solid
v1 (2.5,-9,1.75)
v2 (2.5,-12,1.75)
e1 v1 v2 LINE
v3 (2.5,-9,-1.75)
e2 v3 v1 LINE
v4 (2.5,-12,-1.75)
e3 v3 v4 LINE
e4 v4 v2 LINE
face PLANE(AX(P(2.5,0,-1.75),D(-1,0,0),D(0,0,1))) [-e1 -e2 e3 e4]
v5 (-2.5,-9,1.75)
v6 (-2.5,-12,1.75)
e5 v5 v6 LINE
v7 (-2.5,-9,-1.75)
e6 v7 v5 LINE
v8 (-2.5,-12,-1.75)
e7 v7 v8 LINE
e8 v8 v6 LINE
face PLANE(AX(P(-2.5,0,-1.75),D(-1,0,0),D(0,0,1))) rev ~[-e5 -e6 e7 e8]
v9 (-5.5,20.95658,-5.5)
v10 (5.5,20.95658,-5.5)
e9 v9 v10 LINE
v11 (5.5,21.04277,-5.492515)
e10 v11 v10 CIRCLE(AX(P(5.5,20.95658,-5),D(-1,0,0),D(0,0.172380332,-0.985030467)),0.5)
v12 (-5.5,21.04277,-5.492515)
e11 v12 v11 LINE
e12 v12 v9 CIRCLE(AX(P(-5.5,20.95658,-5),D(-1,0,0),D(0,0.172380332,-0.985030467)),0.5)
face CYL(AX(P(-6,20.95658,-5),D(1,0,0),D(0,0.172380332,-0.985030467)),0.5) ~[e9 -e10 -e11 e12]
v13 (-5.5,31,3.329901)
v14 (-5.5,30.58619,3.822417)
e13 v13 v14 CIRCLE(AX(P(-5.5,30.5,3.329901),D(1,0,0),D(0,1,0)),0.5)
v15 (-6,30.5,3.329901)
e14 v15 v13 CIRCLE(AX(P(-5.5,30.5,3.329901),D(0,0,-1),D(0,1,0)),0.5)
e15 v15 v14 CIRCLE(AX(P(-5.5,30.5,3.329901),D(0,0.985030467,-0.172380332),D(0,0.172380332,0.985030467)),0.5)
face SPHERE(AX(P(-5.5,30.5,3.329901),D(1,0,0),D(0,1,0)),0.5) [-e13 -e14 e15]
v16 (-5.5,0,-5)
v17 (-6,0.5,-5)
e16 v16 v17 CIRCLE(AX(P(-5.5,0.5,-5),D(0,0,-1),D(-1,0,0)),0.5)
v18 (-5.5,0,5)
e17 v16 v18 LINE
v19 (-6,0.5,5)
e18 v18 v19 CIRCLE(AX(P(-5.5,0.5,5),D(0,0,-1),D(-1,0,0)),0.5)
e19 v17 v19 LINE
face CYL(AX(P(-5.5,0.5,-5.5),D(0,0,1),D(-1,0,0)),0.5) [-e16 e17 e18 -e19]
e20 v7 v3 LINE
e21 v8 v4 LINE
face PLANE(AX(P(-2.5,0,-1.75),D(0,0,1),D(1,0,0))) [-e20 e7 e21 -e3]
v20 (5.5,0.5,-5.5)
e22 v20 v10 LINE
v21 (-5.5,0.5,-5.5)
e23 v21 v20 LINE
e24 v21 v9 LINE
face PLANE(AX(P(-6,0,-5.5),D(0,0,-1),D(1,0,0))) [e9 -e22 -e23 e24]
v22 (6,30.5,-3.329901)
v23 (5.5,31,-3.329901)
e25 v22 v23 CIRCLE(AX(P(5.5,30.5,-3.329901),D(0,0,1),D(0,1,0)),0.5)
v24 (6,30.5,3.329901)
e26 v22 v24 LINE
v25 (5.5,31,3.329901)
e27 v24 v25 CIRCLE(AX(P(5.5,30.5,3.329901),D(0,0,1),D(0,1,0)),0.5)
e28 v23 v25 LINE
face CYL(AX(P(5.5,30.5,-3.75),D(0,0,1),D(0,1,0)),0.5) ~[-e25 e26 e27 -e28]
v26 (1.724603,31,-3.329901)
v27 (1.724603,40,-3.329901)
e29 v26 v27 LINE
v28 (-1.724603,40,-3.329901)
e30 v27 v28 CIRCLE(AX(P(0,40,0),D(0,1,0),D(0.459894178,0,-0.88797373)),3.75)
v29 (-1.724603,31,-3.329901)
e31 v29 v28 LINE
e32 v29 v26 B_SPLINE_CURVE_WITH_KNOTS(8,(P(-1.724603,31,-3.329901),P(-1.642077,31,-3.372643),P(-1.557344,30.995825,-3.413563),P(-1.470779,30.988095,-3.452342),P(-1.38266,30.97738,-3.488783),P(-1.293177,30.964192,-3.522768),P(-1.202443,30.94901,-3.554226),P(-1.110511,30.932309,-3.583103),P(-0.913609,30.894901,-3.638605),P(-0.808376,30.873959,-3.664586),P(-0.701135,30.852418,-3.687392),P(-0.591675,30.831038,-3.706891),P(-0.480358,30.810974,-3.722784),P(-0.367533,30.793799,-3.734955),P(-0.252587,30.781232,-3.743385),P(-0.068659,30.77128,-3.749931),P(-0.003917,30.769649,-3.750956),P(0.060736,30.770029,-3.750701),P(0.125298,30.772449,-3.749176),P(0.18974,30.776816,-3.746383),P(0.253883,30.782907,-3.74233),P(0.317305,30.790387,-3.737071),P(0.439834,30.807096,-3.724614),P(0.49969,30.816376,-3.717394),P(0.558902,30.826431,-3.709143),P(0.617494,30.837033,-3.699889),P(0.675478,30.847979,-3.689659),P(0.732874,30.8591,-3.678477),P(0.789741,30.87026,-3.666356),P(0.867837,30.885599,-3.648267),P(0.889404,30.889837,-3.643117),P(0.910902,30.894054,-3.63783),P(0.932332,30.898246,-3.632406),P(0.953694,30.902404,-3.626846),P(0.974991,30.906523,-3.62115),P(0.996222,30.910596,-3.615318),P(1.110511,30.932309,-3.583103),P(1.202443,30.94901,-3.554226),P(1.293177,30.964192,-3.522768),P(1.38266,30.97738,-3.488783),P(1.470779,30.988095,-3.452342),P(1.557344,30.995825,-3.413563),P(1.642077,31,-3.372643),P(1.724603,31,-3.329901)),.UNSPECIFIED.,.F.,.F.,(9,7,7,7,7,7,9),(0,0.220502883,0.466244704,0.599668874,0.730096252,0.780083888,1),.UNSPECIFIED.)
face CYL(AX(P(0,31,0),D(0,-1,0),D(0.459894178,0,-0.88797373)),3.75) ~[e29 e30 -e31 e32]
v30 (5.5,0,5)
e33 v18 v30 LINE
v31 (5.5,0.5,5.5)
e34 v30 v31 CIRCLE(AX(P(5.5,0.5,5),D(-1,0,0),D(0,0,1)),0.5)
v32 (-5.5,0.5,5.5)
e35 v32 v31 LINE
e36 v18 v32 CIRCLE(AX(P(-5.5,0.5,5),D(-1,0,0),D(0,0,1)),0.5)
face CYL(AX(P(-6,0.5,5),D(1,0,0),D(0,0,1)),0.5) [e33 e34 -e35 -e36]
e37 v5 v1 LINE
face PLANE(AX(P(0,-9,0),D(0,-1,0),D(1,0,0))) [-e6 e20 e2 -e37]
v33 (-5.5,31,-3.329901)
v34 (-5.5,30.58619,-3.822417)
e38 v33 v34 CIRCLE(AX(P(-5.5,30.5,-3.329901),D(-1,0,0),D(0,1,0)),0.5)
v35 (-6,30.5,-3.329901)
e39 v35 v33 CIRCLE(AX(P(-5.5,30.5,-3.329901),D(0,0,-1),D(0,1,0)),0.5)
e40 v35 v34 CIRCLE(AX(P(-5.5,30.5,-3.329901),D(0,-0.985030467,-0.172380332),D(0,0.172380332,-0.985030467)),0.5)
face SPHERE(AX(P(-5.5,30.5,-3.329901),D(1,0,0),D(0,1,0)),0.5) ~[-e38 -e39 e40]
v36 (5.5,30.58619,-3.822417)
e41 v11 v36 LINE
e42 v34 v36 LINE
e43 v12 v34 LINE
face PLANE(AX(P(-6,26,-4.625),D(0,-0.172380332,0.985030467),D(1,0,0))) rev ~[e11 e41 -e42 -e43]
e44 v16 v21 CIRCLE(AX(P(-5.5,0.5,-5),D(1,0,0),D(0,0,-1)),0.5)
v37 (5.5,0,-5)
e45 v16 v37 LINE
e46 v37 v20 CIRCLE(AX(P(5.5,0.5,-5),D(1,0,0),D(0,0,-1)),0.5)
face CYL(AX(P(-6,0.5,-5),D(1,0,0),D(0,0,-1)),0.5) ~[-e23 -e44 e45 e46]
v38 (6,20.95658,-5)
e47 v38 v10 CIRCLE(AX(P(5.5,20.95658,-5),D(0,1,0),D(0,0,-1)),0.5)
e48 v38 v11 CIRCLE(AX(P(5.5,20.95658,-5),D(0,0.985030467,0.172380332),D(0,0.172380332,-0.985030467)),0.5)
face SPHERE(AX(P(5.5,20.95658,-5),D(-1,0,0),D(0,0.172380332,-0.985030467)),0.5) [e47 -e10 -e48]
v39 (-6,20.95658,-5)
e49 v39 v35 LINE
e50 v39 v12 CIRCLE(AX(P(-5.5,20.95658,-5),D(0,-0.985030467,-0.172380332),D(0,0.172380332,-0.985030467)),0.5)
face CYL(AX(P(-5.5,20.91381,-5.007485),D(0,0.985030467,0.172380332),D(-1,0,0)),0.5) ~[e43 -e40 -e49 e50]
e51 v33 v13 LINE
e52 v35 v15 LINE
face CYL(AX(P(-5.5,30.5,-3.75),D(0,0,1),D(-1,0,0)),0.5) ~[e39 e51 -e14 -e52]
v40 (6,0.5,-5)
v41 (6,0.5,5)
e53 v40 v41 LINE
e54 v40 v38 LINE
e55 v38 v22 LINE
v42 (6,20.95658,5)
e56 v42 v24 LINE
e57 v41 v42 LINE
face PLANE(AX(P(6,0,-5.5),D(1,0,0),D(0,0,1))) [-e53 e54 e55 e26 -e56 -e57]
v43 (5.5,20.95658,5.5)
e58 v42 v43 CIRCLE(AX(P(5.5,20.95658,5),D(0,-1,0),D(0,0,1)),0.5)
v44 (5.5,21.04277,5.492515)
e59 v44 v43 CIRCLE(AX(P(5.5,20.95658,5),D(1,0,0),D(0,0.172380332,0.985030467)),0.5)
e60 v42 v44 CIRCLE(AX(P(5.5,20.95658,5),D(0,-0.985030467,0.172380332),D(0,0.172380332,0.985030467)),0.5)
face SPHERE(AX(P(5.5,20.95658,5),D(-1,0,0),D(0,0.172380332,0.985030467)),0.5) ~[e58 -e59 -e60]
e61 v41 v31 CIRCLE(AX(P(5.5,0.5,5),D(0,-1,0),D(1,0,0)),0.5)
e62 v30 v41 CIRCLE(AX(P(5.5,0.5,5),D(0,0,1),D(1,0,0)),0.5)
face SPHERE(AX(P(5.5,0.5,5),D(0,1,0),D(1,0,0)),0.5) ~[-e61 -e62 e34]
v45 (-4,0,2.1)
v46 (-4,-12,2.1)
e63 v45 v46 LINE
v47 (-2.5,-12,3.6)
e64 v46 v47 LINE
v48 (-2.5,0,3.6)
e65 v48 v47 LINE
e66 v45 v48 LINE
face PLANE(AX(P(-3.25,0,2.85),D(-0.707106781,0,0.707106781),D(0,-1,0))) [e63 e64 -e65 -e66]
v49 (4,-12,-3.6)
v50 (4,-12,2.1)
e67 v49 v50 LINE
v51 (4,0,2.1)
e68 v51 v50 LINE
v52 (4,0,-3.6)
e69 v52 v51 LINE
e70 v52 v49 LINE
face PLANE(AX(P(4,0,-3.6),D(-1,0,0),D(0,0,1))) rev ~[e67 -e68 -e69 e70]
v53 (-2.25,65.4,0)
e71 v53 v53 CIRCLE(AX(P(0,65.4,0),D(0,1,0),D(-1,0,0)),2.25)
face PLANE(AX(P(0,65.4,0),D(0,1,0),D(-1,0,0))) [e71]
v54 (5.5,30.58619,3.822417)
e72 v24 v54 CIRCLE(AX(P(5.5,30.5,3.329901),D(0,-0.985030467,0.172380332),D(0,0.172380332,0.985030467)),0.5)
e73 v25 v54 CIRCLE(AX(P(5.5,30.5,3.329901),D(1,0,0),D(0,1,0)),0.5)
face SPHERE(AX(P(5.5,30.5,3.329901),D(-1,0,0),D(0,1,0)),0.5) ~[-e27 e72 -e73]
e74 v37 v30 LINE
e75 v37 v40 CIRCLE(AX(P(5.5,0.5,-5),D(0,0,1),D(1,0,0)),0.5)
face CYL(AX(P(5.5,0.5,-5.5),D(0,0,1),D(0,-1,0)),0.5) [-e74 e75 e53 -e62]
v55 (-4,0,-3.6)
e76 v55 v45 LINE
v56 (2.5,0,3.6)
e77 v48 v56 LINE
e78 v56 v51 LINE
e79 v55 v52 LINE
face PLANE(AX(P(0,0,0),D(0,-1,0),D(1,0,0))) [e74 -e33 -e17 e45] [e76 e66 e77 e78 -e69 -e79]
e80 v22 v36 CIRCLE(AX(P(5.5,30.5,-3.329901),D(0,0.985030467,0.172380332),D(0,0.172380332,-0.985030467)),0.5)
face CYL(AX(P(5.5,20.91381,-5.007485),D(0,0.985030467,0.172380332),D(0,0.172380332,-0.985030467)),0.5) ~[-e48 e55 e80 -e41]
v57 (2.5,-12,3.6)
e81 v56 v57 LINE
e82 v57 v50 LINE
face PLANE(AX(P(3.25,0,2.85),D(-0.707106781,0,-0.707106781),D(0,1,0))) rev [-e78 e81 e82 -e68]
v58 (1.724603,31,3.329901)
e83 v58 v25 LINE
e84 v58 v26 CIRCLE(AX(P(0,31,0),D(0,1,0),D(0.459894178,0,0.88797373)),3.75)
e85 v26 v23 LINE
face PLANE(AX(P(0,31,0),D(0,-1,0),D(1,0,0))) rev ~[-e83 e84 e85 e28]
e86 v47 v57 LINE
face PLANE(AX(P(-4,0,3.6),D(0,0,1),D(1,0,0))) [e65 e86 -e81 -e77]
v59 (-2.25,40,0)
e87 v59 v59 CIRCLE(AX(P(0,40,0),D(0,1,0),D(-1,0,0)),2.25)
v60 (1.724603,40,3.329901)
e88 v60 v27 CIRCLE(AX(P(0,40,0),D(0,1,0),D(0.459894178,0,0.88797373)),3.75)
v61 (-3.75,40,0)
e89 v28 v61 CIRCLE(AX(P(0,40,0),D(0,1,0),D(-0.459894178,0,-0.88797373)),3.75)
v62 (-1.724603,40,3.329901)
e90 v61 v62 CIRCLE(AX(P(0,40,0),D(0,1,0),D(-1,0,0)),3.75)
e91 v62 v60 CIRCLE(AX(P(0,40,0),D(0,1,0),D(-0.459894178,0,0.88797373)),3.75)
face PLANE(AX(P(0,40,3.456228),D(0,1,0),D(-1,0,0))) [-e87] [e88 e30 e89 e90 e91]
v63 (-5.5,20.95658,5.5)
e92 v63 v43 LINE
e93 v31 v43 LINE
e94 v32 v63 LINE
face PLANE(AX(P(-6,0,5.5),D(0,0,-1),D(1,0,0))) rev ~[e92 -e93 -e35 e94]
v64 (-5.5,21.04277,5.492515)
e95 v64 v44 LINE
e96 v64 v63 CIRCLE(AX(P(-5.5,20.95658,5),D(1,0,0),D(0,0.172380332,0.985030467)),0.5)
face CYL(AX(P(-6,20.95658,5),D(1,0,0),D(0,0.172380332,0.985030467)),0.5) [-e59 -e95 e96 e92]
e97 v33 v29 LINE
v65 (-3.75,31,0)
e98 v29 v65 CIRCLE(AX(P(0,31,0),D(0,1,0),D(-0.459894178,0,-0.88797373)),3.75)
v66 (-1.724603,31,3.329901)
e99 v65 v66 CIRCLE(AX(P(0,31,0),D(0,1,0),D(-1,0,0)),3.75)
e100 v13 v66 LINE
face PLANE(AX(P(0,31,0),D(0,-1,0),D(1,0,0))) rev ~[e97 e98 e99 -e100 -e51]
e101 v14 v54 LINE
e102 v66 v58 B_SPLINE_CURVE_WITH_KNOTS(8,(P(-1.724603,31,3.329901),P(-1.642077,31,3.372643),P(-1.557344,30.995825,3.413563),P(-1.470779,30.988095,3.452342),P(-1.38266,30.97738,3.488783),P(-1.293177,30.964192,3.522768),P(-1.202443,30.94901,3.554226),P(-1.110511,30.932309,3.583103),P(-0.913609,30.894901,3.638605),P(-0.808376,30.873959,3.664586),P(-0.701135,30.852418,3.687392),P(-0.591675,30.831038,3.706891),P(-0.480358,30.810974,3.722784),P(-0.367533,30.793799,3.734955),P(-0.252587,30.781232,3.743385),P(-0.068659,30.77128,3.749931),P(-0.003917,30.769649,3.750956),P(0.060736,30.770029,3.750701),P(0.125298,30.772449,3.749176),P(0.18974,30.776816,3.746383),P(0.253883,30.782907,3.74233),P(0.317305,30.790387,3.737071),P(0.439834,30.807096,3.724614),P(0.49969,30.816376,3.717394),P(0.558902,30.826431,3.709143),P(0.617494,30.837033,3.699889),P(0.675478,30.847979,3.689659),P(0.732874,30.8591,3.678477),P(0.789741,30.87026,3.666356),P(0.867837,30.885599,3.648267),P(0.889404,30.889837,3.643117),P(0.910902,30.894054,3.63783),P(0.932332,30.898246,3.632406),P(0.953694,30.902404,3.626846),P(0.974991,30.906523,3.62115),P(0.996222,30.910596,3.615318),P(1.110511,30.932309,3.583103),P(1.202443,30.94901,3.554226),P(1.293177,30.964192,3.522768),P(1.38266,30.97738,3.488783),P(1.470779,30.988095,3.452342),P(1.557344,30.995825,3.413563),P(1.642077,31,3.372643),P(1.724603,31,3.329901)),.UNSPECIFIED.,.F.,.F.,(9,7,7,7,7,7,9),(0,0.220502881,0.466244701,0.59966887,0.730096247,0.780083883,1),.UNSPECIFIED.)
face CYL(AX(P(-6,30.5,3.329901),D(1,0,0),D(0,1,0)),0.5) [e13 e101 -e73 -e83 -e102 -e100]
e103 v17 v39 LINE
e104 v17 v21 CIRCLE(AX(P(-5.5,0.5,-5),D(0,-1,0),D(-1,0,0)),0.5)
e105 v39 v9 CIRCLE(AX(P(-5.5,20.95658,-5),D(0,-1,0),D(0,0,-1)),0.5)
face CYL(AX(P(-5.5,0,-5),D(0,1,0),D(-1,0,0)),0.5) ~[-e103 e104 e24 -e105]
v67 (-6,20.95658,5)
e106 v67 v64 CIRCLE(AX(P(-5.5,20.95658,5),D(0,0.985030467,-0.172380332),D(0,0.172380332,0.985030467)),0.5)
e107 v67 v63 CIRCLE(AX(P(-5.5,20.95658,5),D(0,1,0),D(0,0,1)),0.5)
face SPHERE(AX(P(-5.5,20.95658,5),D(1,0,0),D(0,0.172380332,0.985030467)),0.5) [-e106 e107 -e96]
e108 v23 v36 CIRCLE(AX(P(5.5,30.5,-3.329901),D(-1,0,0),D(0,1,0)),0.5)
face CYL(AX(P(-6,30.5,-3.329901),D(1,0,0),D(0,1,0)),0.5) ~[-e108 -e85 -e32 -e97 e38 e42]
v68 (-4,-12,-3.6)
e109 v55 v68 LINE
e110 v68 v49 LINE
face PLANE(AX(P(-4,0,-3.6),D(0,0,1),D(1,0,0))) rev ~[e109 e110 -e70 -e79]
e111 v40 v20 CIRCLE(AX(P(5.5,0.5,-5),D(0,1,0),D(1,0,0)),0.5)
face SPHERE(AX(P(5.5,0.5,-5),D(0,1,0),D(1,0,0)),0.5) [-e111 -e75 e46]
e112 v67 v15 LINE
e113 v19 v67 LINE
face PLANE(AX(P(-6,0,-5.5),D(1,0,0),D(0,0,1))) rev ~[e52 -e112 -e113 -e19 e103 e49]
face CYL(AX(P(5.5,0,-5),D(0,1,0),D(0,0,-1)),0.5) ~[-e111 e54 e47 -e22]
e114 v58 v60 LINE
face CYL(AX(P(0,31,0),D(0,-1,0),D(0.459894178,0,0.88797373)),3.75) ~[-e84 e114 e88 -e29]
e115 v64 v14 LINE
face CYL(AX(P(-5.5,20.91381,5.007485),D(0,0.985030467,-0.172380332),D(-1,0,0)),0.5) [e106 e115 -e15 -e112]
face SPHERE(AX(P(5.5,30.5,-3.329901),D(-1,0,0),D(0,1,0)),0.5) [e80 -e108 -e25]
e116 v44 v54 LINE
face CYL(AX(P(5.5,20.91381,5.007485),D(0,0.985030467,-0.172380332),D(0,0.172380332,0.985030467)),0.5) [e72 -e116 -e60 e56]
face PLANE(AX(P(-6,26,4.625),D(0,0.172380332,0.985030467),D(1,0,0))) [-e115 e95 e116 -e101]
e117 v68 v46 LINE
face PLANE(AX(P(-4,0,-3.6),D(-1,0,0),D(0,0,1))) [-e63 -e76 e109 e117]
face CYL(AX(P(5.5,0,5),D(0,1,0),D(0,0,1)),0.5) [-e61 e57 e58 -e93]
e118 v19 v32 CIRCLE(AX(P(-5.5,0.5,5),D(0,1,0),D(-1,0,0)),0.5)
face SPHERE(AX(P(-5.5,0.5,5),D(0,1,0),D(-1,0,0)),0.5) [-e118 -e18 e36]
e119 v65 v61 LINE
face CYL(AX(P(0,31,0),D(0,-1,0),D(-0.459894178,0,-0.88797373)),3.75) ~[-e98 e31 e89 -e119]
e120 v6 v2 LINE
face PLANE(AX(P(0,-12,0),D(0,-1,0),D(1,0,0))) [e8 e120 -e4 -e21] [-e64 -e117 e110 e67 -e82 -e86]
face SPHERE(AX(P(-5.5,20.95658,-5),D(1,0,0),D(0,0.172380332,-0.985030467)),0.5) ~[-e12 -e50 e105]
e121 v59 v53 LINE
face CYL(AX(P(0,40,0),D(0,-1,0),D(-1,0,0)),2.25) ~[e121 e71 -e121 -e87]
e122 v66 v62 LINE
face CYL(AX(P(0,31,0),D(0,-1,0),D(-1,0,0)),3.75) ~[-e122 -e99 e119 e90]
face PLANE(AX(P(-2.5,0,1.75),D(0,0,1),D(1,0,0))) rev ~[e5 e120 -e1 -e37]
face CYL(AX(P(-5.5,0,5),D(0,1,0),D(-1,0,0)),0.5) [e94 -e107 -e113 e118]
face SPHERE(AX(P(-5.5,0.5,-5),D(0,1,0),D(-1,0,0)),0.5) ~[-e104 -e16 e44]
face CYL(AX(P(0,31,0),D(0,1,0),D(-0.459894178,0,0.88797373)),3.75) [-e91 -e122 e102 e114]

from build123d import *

# Parameters (mm, degrees)
F0_W          = 8
F0_H          = 7.2
F0_W_2        = 5
F0_H_2        = 3.5
F1_DEPTH      = 12
F2_DEPTH      = 9
F3_SIZE       = 1.5
F0_W_3        = 12
F0_H_3        = 11
F4_DEPTH      = 31
F5_SIZE2      = 1.75
F5_SIZE       = 10
F5_2_SIZE2    = 1.75
F5_2_SIZE     = 10
F6_R          = 0.5
F8_DEPTH      = 9
F8_DEPTH_BACK = 0.2288594728
F9_R          = 2.25
F10_DEPTH     = 25.4


with BuildPart() as f1:
    # F0 (on Front) → F1 (new body)
    with BuildSketch(Plane.XZ):
        Rectangle(F0_W, F0_H)
        Rectangle(F0_W_2, F0_H_2, mode=Mode.SUBTRACT)
    extrude(amount=F1_DEPTH)

    # F0 (on Front) → F2 (join)
    with BuildSketch(Plane.XZ):
        Rectangle(F0_W_2, F0_H_2)
    extrude(amount=F2_DEPTH)

    # F3
    f3_edges = [f1.edges().sort_by_distance(p)[0] for p in [
        (-4, -6, 3.6),
        (4, -6, 3.6),
    ]]
    chamfer(f3_edges, length=F3_SIZE)

    # F0 (on Front) → F4 (join)
    with BuildSketch(Plane.XZ):
        Rectangle(F0_W_3, F0_H_3)
        Rectangle(F0_W, F0_H, mode=Mode.SUBTRACT)
        Rectangle(F0_W, F0_H)
        Rectangle(F0_W_2, F0_H_2, mode=Mode.SUBTRACT)
        Rectangle(F0_W_2, F0_H_2)
    extrude(amount=-F4_DEPTH)

    # F5
    f5_edges = [f1.edges().sort_by_distance(p)[0] for p in [
        (0, 31, 5.5),
    ]]
    f5_side = f1.faces().sort_by_distance((0, 15.5, 5.5))[0]
    chamfer(f5_edges, length=F5_SIZE, length2=F5_SIZE2, reference=f5_side)

    # F5#2
    f5_2_edges = [f1.edges().sort_by_distance(p)[0] for p in [
        (0, 31, -5.5),
    ]]
    f5_2_side = f1.faces().sort_by_distance((0, 15.5, -5.5))[0]
    chamfer(f5_2_edges, length=F5_2_SIZE, length2=F5_2_SIZE2, reference=f5_2_side)

    # F6
    f6_edges = [f1.edges().sort_by_distance(p)[0] for p in [
        (-6, 31, 0),
        (-6, 26, -4.625),
        (-6, 26, 4.625),
        (-6, 10.5, -5.5),
        (-6, 10.5, 5.5),
        (-6, 0, 0),
        (6, 31, 0),
        (6, 26, -4.625),
        (6, 26, 4.625),
        (6, 10.5, -5.5),
        (6, 10.5, 5.5),
        (6, 0, 0),
        (0, 21, 5.5),
        (0, 0, 5.5),
        (0, 21, -5.5),
        (0, 0, -5.5),
        (0, 31, -3.75),
        (0, 31, 3.75),
    ]]
    fillet(f6_edges, radius=F6_R)

    # F7 (on face) → F8 (join, two sides)
    with BuildSketch(Plane(origin=(0, 31, 0), x_dir=(-1, 0, 0), z_dir=(0, 1, 0))) as f8_sk:
        with BuildLine():
            Line((-1.7246031672, 3.3299014874), (1.7246031672, 3.3299014874))
            ThreePointArc((1.7246031672, 3.3299014874), (0, 3.75), (-1.7246031672, 3.3299014874))
        make_face()
        with BuildLine():
            ThreePointArc((1.7246031672, -3.3299014874), (3.203885288, -1.9487480754), (3.75, 0))
            ThreePointArc((3.75, 0), (3.203885288, 1.9487480754), (1.7246031672, 3.3299014874))
            Line((1.7246031672, 3.3299014874), (-1.7246031672, 3.3299014874))
            ThreePointArc((-1.7246031672, 3.3299014874), (-3.75, 0), (-1.7246031672, -3.3299014874))
            Line((-1.7246031672, -3.3299014874), (1.7246031672, -3.3299014874))
        make_face()
        with BuildLine():
            ThreePointArc((-1.7246031672, -3.3299014874), (0, -3.75), (1.7246031672, -3.3299014874))
            Line((1.7246031672, -3.3299014874), (-1.7246031672, -3.3299014874))
        make_face()
    extrude(amount=F8_DEPTH)
    extrude(f8_sk.sketch, amount=-F8_DEPTH_BACK)

    # F9 (on face) → F10 (join)
    with BuildSketch(Plane(origin=(0, 40, 0), x_dir=(-1, 0, 0), z_dir=(0, 1, 0))):
        Circle(F9_R)
    extrude(amount=F10_DEPTH)


solid = f1.part
